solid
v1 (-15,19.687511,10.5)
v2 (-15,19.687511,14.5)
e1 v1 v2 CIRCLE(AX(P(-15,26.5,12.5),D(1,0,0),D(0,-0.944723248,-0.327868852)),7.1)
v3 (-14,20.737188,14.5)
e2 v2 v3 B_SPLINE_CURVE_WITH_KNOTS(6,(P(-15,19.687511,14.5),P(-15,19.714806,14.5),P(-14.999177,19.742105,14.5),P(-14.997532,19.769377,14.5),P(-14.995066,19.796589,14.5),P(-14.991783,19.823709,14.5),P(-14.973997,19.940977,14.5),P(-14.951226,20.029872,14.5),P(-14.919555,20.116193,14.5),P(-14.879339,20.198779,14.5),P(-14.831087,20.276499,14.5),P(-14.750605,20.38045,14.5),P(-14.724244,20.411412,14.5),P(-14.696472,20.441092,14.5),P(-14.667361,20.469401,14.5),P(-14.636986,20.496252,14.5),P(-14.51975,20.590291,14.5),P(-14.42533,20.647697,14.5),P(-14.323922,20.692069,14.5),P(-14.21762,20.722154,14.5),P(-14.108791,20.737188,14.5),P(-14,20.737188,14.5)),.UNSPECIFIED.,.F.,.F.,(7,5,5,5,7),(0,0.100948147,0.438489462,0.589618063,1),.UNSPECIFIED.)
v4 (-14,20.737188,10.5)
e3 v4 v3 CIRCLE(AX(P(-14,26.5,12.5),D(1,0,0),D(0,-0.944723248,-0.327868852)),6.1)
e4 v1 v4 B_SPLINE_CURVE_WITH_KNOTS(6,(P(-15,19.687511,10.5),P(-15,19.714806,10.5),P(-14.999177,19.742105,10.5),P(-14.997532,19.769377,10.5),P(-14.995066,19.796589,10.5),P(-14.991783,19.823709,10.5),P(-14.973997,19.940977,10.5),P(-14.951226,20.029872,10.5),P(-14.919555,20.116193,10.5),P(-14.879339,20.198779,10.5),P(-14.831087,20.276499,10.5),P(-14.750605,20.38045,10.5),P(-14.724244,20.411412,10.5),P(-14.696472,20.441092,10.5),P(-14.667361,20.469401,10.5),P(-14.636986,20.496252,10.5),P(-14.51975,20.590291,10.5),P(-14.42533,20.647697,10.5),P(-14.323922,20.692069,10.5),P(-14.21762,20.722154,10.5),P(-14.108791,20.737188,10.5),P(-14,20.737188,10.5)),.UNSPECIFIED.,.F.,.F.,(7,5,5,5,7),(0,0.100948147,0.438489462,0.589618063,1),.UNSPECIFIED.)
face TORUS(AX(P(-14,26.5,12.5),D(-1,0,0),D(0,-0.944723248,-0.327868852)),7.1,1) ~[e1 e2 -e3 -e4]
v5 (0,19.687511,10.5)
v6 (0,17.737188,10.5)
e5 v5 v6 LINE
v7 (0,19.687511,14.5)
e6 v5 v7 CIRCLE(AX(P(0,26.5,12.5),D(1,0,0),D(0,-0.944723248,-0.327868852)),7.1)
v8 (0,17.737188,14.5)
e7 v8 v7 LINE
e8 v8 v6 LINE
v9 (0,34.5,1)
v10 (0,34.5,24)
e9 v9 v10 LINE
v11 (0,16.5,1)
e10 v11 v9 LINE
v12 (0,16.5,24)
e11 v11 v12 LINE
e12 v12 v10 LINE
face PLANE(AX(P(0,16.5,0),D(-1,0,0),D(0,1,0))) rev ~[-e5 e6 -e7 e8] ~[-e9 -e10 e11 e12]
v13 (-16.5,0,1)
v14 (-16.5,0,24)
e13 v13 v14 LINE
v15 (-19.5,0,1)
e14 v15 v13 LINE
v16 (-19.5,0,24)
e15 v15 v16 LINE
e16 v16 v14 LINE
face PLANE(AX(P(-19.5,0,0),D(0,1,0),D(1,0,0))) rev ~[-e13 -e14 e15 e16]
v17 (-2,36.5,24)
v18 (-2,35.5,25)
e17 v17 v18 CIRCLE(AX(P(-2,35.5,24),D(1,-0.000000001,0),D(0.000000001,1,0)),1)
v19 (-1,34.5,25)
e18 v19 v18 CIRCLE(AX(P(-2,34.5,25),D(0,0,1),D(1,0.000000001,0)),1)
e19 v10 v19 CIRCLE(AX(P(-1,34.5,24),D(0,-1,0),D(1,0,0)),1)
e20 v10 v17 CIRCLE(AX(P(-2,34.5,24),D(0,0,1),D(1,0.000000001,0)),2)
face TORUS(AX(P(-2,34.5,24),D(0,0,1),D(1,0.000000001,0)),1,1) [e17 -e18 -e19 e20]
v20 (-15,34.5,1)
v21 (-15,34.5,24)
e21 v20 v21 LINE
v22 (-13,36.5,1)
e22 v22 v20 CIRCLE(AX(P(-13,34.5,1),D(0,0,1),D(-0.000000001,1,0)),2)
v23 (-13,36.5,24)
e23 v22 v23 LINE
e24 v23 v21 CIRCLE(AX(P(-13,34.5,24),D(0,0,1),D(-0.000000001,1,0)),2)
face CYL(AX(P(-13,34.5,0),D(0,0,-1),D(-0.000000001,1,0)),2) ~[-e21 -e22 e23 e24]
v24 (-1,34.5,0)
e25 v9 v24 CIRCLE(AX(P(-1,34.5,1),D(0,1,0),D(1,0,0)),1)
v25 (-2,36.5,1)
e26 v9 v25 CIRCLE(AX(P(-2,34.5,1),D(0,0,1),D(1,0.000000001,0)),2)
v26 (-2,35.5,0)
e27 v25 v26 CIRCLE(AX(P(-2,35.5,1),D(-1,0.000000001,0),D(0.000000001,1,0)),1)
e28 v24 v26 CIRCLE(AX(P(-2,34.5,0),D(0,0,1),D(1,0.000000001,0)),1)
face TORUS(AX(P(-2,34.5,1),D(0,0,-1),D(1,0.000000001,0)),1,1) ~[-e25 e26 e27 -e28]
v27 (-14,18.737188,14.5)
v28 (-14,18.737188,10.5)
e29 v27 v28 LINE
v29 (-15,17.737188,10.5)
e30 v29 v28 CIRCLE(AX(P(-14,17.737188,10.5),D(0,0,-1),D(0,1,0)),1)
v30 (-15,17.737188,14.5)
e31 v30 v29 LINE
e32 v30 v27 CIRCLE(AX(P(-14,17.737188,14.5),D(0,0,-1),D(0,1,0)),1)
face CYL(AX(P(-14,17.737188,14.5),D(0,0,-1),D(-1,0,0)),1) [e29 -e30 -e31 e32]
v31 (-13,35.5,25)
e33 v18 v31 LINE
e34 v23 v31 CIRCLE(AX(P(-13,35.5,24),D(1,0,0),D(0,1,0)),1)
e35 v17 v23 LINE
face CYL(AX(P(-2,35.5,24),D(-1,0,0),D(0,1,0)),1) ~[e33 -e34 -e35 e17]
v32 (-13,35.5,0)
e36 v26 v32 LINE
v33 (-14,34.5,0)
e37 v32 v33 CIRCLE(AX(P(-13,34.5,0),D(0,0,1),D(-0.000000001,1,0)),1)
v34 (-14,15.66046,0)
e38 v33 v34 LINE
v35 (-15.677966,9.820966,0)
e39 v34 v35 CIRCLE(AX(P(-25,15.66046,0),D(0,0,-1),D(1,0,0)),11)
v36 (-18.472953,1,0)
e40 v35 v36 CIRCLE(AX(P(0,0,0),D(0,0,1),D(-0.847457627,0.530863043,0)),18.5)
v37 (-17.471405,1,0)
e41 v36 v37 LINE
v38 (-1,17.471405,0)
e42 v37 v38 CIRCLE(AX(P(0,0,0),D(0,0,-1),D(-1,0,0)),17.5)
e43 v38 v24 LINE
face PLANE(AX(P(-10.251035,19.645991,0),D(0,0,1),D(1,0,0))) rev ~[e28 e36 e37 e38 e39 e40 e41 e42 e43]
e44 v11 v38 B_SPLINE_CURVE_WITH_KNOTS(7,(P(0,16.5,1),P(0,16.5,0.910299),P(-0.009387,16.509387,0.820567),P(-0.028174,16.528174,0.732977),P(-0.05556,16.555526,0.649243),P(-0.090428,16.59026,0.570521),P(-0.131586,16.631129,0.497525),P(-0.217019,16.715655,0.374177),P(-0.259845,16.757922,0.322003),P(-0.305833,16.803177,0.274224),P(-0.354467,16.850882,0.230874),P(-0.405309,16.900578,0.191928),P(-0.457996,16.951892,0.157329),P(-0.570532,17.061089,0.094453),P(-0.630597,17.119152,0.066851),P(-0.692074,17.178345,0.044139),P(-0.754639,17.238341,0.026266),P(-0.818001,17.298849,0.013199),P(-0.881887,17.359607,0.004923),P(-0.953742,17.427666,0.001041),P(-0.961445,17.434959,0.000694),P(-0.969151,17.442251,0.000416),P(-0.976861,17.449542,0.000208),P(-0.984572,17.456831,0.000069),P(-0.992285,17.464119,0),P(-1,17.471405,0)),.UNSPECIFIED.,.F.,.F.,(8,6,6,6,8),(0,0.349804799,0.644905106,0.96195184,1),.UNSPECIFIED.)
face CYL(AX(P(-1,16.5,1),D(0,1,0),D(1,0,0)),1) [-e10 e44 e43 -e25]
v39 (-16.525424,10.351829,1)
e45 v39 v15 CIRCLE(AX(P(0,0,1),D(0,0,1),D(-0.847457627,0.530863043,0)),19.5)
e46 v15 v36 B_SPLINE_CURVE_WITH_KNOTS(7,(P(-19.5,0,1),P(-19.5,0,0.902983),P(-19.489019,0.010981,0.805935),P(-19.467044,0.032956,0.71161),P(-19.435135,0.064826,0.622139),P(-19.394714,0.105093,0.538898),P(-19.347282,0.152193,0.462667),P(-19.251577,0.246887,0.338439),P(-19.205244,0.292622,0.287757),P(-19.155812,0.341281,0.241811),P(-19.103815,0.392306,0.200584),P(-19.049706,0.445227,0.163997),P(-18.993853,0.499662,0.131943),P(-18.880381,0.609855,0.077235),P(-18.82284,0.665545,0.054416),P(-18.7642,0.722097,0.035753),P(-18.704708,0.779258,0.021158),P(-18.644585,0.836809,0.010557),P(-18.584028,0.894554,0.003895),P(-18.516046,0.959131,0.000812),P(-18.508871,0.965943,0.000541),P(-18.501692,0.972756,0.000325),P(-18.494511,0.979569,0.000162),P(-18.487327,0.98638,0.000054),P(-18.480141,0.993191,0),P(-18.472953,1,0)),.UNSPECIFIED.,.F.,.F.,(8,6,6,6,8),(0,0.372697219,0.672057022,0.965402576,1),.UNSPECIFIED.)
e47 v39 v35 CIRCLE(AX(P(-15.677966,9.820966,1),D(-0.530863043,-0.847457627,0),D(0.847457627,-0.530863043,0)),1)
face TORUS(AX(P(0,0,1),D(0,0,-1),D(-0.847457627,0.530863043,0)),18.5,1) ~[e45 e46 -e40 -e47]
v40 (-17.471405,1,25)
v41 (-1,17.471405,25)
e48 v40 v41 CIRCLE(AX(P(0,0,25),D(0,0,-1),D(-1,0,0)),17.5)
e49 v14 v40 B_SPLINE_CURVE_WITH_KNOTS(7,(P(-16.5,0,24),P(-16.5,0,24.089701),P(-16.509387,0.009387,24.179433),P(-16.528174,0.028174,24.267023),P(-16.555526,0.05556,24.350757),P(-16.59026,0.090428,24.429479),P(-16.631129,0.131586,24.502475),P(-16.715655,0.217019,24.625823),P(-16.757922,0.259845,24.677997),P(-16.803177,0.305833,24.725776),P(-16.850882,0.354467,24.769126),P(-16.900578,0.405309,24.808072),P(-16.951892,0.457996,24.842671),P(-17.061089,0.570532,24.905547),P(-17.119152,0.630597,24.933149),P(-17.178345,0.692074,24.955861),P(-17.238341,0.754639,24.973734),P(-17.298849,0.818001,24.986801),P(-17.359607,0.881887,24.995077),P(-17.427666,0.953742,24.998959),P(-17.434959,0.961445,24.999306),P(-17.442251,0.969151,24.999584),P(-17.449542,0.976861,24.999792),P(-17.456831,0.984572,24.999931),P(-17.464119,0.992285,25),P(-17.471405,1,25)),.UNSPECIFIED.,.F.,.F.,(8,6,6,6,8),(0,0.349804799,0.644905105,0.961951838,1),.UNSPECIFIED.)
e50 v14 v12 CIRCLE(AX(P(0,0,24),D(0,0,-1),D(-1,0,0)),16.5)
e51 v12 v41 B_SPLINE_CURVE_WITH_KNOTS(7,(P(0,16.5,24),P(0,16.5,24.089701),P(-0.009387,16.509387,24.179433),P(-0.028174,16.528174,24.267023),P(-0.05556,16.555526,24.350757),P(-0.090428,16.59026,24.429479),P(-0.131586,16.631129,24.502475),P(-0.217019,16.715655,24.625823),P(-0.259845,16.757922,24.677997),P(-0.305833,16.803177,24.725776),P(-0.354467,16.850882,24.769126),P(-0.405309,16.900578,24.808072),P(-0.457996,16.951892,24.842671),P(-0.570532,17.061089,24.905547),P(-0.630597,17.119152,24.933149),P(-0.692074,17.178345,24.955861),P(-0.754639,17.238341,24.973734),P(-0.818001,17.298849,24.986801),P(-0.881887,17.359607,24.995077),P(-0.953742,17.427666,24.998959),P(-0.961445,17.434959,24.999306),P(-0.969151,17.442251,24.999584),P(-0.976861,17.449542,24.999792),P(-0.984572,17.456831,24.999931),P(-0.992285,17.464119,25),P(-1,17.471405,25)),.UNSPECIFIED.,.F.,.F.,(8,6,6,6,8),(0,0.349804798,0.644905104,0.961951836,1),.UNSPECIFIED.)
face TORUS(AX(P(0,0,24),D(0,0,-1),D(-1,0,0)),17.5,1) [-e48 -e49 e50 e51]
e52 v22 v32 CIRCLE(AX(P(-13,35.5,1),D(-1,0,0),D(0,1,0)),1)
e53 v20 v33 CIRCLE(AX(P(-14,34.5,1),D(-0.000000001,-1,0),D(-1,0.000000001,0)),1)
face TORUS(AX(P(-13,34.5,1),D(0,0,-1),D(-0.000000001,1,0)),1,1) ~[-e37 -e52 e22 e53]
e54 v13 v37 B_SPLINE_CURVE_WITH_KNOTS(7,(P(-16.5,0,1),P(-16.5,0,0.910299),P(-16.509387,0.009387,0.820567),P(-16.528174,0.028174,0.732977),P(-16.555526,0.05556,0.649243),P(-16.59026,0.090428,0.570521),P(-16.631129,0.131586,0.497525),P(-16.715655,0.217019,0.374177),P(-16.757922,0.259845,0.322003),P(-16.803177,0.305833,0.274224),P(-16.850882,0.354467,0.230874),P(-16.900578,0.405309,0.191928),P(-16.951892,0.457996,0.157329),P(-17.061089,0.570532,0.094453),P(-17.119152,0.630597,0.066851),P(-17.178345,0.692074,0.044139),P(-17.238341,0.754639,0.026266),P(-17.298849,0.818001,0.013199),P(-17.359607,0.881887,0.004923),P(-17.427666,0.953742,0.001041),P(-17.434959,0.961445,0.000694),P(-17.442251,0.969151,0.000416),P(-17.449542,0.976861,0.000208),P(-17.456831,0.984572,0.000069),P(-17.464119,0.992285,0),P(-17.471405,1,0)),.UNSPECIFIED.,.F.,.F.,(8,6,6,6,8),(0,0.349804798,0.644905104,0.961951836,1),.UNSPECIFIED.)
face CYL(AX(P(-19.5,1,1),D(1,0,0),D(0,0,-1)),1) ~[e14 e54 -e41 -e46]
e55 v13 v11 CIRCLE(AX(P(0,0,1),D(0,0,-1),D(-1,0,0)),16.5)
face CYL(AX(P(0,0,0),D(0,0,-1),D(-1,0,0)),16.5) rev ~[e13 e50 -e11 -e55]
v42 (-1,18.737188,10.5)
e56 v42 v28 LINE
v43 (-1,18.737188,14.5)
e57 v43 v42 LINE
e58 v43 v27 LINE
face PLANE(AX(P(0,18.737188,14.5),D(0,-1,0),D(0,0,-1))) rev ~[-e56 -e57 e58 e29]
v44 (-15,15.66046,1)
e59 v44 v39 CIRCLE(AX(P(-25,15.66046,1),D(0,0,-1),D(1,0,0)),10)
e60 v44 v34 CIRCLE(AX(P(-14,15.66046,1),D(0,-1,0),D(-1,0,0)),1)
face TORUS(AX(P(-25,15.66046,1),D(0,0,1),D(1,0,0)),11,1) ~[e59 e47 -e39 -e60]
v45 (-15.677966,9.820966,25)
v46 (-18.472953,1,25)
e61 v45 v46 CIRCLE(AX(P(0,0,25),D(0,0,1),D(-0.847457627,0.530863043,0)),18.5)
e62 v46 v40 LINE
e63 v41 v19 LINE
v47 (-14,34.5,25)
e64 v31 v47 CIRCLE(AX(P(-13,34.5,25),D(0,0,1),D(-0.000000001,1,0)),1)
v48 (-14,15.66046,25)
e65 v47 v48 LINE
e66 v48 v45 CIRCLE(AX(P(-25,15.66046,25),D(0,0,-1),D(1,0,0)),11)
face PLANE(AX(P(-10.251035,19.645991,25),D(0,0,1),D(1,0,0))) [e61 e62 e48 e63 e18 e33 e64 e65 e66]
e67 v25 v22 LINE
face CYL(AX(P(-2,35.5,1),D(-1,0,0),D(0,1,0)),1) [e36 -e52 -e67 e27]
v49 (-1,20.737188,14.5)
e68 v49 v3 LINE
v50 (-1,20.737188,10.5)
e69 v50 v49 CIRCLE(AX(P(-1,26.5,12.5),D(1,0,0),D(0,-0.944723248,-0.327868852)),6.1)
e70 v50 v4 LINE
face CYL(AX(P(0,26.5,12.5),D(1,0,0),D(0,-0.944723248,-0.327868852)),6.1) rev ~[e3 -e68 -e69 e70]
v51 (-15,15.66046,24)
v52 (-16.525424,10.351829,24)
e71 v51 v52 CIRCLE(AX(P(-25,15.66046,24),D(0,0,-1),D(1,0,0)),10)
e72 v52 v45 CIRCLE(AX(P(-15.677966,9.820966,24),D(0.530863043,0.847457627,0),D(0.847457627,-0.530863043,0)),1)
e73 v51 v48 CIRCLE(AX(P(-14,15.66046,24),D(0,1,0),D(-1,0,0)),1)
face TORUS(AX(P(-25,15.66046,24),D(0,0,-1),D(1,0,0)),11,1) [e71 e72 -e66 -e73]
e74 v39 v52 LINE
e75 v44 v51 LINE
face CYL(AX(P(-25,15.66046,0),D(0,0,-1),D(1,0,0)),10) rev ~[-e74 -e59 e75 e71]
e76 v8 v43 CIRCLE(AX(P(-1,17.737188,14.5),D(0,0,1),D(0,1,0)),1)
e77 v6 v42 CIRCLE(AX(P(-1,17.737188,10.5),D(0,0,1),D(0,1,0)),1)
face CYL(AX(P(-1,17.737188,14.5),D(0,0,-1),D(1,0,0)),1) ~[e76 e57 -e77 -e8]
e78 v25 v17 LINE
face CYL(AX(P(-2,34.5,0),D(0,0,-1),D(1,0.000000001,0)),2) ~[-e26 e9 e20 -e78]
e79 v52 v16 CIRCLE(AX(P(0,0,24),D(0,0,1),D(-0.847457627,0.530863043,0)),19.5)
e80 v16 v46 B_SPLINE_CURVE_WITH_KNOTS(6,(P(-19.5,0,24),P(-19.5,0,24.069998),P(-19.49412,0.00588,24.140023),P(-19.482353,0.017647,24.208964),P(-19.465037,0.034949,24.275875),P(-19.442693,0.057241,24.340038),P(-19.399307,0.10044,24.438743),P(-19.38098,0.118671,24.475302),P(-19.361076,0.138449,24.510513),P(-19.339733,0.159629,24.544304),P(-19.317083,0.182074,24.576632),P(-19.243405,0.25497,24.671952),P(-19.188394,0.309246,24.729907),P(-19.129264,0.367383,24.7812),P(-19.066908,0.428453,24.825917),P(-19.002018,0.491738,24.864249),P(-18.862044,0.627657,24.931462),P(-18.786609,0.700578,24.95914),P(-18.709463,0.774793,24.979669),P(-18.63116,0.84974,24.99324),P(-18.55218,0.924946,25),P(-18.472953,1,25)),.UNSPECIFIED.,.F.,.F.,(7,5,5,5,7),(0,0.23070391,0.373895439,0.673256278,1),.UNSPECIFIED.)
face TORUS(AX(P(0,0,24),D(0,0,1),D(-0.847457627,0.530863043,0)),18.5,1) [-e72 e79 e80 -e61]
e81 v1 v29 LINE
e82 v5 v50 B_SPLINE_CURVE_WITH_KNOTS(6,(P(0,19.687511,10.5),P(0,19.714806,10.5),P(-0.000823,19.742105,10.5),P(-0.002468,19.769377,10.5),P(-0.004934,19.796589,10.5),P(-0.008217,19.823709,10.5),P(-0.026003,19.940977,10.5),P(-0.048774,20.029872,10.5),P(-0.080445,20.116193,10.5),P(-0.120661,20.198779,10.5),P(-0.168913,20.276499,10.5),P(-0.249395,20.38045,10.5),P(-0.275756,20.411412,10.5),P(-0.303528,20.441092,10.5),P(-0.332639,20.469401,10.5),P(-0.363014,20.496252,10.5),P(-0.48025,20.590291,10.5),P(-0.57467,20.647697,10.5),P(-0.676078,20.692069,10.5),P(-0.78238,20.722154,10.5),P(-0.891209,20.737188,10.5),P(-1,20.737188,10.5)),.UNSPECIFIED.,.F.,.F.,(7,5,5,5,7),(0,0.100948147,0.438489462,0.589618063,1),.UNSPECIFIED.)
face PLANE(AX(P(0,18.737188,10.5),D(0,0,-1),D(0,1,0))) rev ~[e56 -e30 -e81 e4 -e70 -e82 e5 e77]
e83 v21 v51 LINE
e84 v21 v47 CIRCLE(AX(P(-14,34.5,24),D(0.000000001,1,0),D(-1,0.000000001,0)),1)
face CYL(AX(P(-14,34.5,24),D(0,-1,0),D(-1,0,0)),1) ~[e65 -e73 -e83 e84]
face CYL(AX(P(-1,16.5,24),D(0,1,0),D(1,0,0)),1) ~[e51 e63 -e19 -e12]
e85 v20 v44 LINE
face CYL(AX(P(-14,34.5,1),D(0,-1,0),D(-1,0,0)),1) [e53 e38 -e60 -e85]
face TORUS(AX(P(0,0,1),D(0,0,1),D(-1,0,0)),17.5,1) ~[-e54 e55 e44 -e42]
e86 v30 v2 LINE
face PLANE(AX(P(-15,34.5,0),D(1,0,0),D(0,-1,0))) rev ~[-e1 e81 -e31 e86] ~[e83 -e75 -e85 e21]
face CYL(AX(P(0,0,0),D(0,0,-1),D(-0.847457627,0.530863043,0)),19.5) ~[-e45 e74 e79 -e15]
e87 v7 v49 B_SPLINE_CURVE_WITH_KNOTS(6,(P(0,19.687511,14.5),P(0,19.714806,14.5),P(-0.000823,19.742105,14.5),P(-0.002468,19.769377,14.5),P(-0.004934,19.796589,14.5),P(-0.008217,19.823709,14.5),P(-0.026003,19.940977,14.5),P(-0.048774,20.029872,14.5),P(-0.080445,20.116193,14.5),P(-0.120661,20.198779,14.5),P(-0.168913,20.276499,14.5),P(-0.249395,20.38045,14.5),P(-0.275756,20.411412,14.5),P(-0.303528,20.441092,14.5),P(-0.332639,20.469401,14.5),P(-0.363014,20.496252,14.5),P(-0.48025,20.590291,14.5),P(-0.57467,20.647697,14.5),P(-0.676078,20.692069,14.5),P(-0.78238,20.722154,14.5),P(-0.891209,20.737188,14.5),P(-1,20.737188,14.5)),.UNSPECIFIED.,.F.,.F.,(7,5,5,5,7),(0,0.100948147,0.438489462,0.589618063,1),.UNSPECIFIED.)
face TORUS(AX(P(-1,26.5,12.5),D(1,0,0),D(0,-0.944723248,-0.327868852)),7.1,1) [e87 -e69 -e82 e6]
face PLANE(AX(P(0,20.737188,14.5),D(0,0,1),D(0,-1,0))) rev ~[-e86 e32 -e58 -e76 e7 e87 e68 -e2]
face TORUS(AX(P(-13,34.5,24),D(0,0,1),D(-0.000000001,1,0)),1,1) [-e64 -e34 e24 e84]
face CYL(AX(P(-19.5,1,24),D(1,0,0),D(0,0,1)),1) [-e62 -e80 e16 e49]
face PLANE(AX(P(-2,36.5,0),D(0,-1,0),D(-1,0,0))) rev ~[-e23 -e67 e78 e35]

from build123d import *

# Parameters (mm, degrees)
BOSS_EXTRUDE1_DEPTH = 25
CUT_EXTRUDE1_DEPTH  = 49.347699015
FILLET1_R           = 1
FILLET2_R           = 1
FILLET3_R           = 1


with BuildPart() as part:
    # Sketch1 → Boss-Extrude1 (new body)
    with BuildSketch(Plane.XY):
        with BuildLine():
            Line((-19.5, 0), (-16.5, 0))
            ThreePointArc((-16.5, 0), (-11.66726189, 11.66726189), (0, 16.5))
            Line((0, 16.5), (0, 34.5))
            ThreePointArc((0, 34.5), (-0.585786438, 35.914213562), (-2, 36.5))
            Line((-2, 36.5), (-13, 36.5))
            ThreePointArc((-13, 36.5), (-14.414213562, 35.914213562), (-15, 34.5))
            Line((-15, 34.5), (-15, 15.660459763))
            ThreePointArc((-15, 15.660459763), (-15.388918825, 12.89873591), (-16.525423729, 10.351829335))
            ThreePointArc((-16.525423729, 10.351829335), (-18.741608292, 5.385361515), (-19.5, 0))
        make_face()
    extrude(amount=BOSS_EXTRUDE1_DEPTH)

    # Sketch2 → Cut-Extrude1 (cut, through all)
    with BuildSketch(Plane(origin=(0, 0, 0), x_dir=(0, 0, -1), z_dir=(1, 0, 0))):
        with BuildLine():
            Line((-14.5, 18.737188186), (-10.5, 18.737188186))
            Line((-10.5, 18.737188186), (-10.5, 20.737188186))
            ThreePointArc((-10.5, 20.737188186), (-12.5, 32.6), (-14.5, 20.737188186))
            Line((-14.5, 20.737188186), (-14.5, 18.737188186))
        make_face()
    extrude(amount=-CUT_EXTRUDE1_DEPTH, mode=Mode.SUBTRACT)

    # Fillet1
    fillet1_edges = [part.edges().sort_by_distance(p)[0] for p in [
        (-15, 18.737188186, 12.5),
        (0, 18.737188186, 12.5),
    ]]
    fillet(fillet1_edges, radius=FILLET1_R)

    # Fillet2
    fillet2_edges = [part.edges().sort_by_distance(p)[0] for p in [
        (-15, 32.6, 12.5),
        (0, 32.6, 12.5),
    ]]
    fillet(fillet2_edges, radius=FILLET2_R)

    # Fillet3
    fillet3_edges = [part.edges().sort_by_distance(p)[0] for p in [
        (-11.66726189, 11.66726189, 25),
        (-0.585786438, 35.914213562, 0),
        (0, 25.5, 0),
        (-11.66726189, 11.66726189, 0),
        (-18, 0, 0),
        (-18.741608292, 5.385361515, 0),
        (0, 25.5, 25),
        (-0.585786438, 35.914213562, 25),
        (-7.5, 36.5, 25),
        (-14.414213562, 35.914213562, 25),
        (-15, 25.080229882, 25),
        (-15.388918825, 12.89873591, 25),
        (-18.741608292, 5.385361515, 25),
        (-18, 0, 25),
        (-15.388918825, 12.89873591, 0),
        (-15, 25.080229882, 0),
        (-14.414213562, 35.914213562, 0),
        (-7.5, 36.5, 0),
    ]]
    fillet(fillet3_edges, radius=FILLET3_R)


solid = part.part
